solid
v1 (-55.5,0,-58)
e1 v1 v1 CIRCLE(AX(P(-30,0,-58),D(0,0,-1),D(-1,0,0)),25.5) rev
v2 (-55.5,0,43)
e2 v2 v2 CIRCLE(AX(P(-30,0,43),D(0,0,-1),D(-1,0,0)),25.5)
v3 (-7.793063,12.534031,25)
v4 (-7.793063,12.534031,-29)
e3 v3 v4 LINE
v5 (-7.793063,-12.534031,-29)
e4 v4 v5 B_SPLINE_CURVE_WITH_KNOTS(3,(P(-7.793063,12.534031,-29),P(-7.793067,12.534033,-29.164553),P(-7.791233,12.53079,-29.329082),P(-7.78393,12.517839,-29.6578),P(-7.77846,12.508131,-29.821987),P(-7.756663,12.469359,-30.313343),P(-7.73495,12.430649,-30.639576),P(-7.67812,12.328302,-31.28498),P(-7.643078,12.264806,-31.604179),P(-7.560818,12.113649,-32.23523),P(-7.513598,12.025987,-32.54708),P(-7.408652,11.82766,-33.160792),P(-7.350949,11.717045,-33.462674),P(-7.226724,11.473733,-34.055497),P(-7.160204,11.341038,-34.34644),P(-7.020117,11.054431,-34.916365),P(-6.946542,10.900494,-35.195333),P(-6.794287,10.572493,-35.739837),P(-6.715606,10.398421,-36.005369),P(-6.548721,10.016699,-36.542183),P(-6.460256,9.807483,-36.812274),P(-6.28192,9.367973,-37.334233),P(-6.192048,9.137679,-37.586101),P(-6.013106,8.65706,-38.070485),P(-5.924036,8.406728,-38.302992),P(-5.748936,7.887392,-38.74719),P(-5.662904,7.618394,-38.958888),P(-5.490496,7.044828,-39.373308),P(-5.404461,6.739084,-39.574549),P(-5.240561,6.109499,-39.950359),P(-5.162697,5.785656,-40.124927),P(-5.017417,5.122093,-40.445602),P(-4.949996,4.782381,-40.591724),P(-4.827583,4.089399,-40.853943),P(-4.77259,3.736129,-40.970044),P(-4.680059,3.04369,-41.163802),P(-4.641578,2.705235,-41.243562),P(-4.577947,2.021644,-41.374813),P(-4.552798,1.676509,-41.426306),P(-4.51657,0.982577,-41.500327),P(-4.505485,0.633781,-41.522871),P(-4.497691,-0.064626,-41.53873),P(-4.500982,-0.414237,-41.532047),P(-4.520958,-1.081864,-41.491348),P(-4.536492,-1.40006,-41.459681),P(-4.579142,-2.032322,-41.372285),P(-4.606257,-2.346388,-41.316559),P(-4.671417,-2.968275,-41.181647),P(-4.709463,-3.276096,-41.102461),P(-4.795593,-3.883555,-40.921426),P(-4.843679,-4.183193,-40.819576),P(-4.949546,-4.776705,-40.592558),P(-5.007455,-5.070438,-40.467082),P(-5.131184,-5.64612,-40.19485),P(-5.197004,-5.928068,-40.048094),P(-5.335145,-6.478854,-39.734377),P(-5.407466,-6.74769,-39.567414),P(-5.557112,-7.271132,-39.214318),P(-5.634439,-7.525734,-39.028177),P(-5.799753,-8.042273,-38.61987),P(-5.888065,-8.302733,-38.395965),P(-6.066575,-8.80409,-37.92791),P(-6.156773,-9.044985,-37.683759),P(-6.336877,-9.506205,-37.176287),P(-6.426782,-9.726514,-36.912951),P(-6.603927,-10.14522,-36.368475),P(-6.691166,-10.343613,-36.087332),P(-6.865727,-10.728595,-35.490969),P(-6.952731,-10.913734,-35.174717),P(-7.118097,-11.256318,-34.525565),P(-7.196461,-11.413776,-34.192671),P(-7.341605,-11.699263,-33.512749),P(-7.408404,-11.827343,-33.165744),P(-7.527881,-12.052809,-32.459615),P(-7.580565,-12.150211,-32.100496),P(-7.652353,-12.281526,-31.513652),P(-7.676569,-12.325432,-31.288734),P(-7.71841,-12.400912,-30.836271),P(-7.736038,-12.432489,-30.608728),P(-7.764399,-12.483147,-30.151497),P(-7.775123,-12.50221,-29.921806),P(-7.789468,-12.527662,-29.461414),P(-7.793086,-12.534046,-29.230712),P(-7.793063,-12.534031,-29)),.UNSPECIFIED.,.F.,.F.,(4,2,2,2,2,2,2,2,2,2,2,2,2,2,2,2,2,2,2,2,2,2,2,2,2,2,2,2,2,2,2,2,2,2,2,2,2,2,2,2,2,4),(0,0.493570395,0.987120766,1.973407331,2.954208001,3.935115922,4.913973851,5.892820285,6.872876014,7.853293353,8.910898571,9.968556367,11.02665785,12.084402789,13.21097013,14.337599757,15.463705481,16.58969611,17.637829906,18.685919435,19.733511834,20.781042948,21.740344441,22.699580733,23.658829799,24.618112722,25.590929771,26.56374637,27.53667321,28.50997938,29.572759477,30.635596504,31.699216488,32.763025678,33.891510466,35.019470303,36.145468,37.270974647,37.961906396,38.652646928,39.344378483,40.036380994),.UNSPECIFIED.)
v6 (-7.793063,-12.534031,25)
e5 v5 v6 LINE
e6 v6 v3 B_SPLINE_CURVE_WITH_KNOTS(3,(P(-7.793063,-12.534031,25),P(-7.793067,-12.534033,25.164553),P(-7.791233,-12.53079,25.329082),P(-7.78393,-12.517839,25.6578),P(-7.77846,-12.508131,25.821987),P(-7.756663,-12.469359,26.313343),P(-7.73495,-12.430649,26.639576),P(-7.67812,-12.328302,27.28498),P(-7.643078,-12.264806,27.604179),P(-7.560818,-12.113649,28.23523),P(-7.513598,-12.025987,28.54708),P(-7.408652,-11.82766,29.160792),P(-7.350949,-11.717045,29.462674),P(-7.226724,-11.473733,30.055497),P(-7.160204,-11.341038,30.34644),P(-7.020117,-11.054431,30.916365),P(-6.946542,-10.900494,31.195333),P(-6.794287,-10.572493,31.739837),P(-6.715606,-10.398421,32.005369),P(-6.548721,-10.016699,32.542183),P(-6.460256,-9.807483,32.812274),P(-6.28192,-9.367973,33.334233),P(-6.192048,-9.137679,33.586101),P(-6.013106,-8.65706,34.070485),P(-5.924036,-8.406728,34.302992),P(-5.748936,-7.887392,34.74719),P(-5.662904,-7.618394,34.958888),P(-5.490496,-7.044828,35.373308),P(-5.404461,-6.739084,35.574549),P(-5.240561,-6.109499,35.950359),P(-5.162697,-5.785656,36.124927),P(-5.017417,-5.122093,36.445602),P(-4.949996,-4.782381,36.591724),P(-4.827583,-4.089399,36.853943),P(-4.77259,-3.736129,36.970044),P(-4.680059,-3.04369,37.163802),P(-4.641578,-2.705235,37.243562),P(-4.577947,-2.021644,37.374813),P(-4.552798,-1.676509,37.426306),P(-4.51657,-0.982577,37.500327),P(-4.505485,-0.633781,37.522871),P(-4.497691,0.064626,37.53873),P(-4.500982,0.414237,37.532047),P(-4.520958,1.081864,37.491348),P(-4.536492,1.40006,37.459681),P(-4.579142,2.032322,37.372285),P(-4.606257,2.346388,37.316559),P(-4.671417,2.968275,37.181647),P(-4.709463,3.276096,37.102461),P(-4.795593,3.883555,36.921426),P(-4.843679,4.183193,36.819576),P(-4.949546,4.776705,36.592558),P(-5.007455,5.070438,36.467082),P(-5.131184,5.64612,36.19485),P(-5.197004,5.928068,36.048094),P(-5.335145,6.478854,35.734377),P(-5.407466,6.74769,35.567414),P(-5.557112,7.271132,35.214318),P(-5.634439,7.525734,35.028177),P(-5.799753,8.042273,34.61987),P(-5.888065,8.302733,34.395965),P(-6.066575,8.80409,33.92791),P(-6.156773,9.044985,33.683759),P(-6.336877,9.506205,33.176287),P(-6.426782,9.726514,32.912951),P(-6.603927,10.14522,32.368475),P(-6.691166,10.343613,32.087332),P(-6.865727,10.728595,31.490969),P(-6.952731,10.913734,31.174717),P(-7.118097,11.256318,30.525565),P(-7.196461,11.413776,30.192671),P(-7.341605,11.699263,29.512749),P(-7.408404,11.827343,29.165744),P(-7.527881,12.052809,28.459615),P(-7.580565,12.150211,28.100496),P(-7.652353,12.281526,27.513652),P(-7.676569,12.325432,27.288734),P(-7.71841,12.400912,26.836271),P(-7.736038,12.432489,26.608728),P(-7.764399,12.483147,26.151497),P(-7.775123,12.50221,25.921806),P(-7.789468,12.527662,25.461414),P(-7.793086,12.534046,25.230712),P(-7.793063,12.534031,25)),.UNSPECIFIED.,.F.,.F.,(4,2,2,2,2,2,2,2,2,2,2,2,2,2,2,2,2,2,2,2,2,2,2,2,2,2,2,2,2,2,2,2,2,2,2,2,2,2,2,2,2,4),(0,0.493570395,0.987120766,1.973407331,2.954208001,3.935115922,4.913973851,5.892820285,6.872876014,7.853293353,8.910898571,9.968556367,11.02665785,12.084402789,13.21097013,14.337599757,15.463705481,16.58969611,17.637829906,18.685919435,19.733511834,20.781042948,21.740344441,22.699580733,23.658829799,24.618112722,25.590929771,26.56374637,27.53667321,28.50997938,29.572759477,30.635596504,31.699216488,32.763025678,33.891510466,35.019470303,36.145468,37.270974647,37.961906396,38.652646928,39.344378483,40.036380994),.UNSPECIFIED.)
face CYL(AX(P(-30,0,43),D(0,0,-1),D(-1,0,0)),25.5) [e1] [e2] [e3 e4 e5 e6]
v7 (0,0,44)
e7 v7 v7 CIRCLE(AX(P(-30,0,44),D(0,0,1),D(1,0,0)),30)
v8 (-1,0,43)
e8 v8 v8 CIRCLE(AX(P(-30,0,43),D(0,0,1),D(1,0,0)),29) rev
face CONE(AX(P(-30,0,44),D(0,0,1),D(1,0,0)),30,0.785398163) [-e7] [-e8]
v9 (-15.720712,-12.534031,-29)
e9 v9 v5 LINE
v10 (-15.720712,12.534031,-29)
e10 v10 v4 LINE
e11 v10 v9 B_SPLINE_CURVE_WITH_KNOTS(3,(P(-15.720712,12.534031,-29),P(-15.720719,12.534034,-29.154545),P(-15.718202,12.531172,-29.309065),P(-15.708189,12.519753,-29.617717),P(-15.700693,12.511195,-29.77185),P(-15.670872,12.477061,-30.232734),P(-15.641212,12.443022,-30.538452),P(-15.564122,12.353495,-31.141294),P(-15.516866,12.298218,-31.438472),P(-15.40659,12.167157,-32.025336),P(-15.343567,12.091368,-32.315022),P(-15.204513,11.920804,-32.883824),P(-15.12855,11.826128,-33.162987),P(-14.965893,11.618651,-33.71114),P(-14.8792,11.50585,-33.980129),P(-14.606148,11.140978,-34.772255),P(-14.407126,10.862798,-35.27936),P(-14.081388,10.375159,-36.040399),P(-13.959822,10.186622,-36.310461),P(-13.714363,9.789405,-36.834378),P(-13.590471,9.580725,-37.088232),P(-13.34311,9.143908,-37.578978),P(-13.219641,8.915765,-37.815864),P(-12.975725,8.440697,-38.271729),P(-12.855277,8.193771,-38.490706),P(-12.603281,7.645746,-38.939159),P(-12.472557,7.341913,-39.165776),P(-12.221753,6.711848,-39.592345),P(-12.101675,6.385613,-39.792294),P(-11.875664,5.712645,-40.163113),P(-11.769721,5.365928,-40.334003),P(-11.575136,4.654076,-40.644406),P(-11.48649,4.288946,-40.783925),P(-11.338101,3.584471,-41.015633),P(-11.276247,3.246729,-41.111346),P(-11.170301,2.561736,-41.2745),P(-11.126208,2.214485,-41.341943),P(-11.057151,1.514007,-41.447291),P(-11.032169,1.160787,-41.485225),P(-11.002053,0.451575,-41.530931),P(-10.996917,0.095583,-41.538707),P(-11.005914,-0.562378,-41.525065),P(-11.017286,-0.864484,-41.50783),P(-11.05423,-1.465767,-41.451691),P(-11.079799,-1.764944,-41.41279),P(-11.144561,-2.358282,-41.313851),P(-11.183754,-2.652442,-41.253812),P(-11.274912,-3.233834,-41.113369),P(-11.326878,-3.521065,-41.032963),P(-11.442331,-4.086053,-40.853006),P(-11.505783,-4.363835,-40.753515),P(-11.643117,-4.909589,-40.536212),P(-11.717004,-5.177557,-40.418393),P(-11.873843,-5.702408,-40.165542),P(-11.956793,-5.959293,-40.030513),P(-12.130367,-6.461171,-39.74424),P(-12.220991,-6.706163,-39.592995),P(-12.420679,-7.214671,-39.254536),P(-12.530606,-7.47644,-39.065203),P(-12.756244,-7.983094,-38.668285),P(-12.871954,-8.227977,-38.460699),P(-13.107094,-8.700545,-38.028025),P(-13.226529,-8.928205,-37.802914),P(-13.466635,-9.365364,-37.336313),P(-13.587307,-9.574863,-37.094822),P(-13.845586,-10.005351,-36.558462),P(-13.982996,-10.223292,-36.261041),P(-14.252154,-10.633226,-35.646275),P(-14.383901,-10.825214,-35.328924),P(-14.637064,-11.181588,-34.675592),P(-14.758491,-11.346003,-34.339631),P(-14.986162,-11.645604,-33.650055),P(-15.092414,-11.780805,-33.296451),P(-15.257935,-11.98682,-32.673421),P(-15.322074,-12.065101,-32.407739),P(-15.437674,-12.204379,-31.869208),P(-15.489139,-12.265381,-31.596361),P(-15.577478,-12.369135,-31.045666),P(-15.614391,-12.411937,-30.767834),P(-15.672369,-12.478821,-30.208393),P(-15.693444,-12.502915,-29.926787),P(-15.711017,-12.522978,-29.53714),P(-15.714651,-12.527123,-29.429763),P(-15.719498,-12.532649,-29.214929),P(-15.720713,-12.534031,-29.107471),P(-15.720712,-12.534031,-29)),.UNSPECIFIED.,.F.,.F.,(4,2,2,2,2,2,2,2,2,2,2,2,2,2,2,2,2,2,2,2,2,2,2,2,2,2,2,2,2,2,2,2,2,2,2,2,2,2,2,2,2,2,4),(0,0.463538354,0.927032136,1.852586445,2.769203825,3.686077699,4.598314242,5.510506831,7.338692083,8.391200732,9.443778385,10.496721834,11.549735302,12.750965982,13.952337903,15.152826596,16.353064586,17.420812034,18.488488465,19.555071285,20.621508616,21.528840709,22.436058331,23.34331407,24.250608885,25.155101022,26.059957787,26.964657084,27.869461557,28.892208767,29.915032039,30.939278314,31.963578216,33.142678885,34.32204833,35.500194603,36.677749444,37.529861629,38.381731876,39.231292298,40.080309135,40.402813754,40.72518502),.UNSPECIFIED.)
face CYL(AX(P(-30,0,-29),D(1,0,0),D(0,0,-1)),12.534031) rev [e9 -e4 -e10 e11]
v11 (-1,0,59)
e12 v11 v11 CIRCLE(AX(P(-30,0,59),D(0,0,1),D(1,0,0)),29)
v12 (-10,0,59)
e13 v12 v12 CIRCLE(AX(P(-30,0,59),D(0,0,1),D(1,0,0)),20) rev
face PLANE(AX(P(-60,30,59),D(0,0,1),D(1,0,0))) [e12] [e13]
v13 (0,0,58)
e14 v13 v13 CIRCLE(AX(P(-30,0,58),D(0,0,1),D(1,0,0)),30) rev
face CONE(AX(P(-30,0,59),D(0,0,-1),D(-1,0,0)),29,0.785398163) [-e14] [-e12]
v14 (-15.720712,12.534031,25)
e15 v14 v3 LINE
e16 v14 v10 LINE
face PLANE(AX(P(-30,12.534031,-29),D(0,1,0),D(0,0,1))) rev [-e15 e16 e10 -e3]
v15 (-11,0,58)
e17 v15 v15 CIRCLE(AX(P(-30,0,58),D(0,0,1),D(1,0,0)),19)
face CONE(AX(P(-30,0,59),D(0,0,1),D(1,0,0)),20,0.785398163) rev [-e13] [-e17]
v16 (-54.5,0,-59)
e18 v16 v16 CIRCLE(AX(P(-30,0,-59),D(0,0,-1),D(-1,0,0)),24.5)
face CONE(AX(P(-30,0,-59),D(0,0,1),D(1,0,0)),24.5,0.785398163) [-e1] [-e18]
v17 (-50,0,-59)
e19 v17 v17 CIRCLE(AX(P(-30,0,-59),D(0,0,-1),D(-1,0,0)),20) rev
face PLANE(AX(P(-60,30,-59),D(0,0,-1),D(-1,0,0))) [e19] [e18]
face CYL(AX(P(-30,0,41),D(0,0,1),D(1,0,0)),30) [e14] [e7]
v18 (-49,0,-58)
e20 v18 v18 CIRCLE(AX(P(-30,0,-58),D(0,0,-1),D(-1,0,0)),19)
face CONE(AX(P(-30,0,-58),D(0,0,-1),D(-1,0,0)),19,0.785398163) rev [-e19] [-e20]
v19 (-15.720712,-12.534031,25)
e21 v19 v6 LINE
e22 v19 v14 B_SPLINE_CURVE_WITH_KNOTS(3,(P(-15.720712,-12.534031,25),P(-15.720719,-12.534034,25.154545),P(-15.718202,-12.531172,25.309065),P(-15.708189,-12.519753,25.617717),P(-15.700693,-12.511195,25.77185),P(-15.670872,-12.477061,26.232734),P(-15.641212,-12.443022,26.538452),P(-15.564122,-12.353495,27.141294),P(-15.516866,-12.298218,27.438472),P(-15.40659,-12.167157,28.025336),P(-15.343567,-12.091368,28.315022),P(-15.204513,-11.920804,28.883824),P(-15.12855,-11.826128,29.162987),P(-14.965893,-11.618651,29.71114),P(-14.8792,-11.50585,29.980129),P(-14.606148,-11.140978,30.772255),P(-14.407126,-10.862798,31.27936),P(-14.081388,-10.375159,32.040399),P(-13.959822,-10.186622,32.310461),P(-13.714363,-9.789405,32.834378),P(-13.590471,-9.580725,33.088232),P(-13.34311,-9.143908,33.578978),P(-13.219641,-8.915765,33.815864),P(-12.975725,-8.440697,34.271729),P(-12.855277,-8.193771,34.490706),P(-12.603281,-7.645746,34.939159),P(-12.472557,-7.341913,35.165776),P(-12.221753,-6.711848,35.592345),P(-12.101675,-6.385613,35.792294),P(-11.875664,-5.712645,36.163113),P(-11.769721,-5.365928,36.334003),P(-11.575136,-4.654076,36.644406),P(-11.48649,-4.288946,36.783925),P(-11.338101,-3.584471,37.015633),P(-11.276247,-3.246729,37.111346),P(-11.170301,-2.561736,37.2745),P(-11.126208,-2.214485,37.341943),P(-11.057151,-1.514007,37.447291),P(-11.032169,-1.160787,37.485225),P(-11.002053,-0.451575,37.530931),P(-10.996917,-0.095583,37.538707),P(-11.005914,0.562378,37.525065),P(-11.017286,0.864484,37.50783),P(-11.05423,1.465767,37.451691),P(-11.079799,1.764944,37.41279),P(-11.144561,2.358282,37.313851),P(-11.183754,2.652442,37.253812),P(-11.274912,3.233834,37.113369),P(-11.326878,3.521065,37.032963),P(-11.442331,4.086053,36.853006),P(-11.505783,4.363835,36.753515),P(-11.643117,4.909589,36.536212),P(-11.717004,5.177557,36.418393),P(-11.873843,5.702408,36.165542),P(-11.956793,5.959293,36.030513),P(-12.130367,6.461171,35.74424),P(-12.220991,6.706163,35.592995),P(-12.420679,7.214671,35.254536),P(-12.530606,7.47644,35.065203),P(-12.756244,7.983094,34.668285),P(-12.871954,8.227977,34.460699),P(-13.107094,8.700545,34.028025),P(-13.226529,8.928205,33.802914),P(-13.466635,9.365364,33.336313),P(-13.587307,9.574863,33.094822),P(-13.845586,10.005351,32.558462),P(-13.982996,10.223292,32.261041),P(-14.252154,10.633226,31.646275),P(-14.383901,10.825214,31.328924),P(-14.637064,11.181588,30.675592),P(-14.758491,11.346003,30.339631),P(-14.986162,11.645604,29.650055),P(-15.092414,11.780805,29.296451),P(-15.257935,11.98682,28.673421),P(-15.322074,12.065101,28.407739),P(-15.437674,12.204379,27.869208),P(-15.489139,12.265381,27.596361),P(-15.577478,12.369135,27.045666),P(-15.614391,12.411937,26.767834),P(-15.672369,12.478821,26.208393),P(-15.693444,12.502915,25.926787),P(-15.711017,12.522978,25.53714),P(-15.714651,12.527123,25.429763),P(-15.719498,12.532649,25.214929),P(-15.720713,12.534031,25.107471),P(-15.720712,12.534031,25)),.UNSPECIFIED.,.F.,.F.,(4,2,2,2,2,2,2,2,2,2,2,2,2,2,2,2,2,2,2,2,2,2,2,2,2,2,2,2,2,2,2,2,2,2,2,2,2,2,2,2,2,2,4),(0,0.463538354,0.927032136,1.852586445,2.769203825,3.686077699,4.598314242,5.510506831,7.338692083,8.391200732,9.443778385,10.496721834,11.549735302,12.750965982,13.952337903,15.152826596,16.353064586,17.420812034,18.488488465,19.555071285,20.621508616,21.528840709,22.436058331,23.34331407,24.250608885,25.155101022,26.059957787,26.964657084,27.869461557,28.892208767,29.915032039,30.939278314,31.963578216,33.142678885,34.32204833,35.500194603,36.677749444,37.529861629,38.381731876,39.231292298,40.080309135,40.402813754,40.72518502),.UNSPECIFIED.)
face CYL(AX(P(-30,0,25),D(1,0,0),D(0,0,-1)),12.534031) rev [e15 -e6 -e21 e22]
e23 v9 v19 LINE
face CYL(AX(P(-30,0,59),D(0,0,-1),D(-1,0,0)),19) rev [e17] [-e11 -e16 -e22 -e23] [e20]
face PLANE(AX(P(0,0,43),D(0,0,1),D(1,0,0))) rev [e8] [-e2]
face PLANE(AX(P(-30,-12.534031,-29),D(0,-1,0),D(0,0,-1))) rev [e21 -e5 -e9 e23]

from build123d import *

# Parameters (mm, degrees)
SCHIZZO1_W                   = 118
SCHIZZO1_H                   = 60
ESTRUSIONE_ESTRUSIONE1_DEPTH = 60
TAGLIO_ESTRUSIONE1_DEPTH     = 30
SCHIZZO3_W                   = 60
SCHIZZO3_H                   = 60
SCHIZZO3_R                   = 25.5
TAGLIO_ESTRUSIONE4_DEPTH     = 102
TAGLIO_ESTRUSIONE5_DEPTH     = 18
SCHIZZO5_R                   = 19
TAGLIO_ESTRUSIONE6_DEPTH     = 136.735036008
SMUSSO1_SIZE                 = 1
SMUSSO2_SIZE                 = 1
SMUSSO3_SIZE                 = 1
SMUSSO4_SIZE                 = 1
SMUSSO5_SIZE                 = 1


with BuildPart() as part:
    # Schizzo1 → Estrusione-Estrusione1 (new body)
    with BuildSketch(Plane(origin=(0, 0, 0), x_dir=(0, 0, -1), z_dir=(1, 0, 0))):
        Rectangle(SCHIZZO1_W, SCHIZZO1_H)
    extrude(amount=-ESTRUSIONE_ESTRUSIONE1_DEPTH)

    # Schizzo2 → Taglio-Estrusione1 (cut)
    with BuildSketch(Plane(origin=(0, 0, 0), x_dir=(0, 0, -1), z_dir=(1, 0, 0))):
        with BuildLine():
            Line((29, 12.534031414), (-25, 12.534031414))
            ThreePointArc((-25, 12.534031414), (-37.534031414, 0), (-25, -12.534031414))
            Line((-25, -12.534031414), (29, -12.534031414))
            ThreePointArc((29, -12.534031414), (41.534031414, 0), (29, 12.534031414))
        make_face()
    extrude(amount=-TAGLIO_ESTRUSIONE1_DEPTH, mode=Mode.SUBTRACT)

    # Schizzo3 → Taglio-Estrusione4 (cut)
    with BuildSketch(Plane(origin=(0, 0, -59), x_dir=(-1, 0, 0), z_dir=(0, 0, -1))):
        with Locations((30, 0)):
            Rectangle(SCHIZZO3_W, SCHIZZO3_H)
        with Locations((30, 0)):
            Circle(SCHIZZO3_R, mode=Mode.SUBTRACT)
    extrude(amount=-TAGLIO_ESTRUSIONE4_DEPTH, mode=Mode.SUBTRACT)

    # Schizzo4 → Taglio-Estrusione5 (cut)
    with BuildSketch(Plane.XY.offset(59)):
        with BuildLine():
            Line((-30, 30), (-60, 30))
            Line((-60, 30), (-60, 0))
            ThreePointArc((-60, 0), (-51.213203436, 21.213203436), (-30, 30))
        make_face()
        with BuildLine():
            Line((0, 30), (-30, 30))
            ThreePointArc((-30, 30), (-8.786796564, 21.213203436), (0, 0))
            Line((0, 0), (0, 30))
        make_face()
        with BuildLine():
            Line((0, -30), (0, 0))
            ThreePointArc((0, 0), (-8.786796564, -21.213203436), (-30, -30))
            Line((-30, -30), (0, -30))
        make_face()
        with BuildLine():
            ThreePointArc((-30, -30), (-51.213203436, -21.213203436), (-60, 0))
            Line((-60, 0), (-60, -30))
            Line((-60, -30), (-30, -30))
        make_face()
    extrude(amount=-TAGLIO_ESTRUSIONE5_DEPTH, mode=Mode.SUBTRACT)

    # Schizzo5 → Taglio-Estrusione6 (cut, through all)
    with BuildSketch(Plane(origin=(0, 0, -59), x_dir=(-1, 0, 0), z_dir=(0, 0, -1))):
        with Locations((30, 0)):
            Circle(SCHIZZO5_R)
    extrude(amount=-TAGLIO_ESTRUSIONE6_DEPTH, mode=Mode.SUBTRACT)

    # Smusso1
    smusso1_edges = [part.edges().sort_by_distance(p)[0] for p in [
        (-11, 0, -59),
    ]]
    chamfer(smusso1_edges, length=SMUSSO1_SIZE)

    # Smusso2
    smusso2_edges = [part.edges().sort_by_distance(p)[0] for p in [
        (-4.5, 0, -59),
    ]]
    chamfer(smusso2_edges, length=SMUSSO2_SIZE)

    # Smusso3
    smusso3_edges = [part.edges().sort_by_distance(p)[0] for p in [
        (-60, 0, 43),
    ]]
    chamfer(smusso3_edges, length=SMUSSO3_SIZE)

    # Smusso4
    smusso4_edges = [part.edges().sort_by_distance(p)[0] for p in [
        (-11, 0, 59),
    ]]
    chamfer(smusso4_edges, length=SMUSSO4_SIZE)

    # Smusso5
    smusso5_edges = [part.edges().sort_by_distance(p)[0] for p in [
        (-60, 0, 59),
    ]]
    chamfer(smusso5_edges, length=SMUSSO5_SIZE)


solid = part.part
